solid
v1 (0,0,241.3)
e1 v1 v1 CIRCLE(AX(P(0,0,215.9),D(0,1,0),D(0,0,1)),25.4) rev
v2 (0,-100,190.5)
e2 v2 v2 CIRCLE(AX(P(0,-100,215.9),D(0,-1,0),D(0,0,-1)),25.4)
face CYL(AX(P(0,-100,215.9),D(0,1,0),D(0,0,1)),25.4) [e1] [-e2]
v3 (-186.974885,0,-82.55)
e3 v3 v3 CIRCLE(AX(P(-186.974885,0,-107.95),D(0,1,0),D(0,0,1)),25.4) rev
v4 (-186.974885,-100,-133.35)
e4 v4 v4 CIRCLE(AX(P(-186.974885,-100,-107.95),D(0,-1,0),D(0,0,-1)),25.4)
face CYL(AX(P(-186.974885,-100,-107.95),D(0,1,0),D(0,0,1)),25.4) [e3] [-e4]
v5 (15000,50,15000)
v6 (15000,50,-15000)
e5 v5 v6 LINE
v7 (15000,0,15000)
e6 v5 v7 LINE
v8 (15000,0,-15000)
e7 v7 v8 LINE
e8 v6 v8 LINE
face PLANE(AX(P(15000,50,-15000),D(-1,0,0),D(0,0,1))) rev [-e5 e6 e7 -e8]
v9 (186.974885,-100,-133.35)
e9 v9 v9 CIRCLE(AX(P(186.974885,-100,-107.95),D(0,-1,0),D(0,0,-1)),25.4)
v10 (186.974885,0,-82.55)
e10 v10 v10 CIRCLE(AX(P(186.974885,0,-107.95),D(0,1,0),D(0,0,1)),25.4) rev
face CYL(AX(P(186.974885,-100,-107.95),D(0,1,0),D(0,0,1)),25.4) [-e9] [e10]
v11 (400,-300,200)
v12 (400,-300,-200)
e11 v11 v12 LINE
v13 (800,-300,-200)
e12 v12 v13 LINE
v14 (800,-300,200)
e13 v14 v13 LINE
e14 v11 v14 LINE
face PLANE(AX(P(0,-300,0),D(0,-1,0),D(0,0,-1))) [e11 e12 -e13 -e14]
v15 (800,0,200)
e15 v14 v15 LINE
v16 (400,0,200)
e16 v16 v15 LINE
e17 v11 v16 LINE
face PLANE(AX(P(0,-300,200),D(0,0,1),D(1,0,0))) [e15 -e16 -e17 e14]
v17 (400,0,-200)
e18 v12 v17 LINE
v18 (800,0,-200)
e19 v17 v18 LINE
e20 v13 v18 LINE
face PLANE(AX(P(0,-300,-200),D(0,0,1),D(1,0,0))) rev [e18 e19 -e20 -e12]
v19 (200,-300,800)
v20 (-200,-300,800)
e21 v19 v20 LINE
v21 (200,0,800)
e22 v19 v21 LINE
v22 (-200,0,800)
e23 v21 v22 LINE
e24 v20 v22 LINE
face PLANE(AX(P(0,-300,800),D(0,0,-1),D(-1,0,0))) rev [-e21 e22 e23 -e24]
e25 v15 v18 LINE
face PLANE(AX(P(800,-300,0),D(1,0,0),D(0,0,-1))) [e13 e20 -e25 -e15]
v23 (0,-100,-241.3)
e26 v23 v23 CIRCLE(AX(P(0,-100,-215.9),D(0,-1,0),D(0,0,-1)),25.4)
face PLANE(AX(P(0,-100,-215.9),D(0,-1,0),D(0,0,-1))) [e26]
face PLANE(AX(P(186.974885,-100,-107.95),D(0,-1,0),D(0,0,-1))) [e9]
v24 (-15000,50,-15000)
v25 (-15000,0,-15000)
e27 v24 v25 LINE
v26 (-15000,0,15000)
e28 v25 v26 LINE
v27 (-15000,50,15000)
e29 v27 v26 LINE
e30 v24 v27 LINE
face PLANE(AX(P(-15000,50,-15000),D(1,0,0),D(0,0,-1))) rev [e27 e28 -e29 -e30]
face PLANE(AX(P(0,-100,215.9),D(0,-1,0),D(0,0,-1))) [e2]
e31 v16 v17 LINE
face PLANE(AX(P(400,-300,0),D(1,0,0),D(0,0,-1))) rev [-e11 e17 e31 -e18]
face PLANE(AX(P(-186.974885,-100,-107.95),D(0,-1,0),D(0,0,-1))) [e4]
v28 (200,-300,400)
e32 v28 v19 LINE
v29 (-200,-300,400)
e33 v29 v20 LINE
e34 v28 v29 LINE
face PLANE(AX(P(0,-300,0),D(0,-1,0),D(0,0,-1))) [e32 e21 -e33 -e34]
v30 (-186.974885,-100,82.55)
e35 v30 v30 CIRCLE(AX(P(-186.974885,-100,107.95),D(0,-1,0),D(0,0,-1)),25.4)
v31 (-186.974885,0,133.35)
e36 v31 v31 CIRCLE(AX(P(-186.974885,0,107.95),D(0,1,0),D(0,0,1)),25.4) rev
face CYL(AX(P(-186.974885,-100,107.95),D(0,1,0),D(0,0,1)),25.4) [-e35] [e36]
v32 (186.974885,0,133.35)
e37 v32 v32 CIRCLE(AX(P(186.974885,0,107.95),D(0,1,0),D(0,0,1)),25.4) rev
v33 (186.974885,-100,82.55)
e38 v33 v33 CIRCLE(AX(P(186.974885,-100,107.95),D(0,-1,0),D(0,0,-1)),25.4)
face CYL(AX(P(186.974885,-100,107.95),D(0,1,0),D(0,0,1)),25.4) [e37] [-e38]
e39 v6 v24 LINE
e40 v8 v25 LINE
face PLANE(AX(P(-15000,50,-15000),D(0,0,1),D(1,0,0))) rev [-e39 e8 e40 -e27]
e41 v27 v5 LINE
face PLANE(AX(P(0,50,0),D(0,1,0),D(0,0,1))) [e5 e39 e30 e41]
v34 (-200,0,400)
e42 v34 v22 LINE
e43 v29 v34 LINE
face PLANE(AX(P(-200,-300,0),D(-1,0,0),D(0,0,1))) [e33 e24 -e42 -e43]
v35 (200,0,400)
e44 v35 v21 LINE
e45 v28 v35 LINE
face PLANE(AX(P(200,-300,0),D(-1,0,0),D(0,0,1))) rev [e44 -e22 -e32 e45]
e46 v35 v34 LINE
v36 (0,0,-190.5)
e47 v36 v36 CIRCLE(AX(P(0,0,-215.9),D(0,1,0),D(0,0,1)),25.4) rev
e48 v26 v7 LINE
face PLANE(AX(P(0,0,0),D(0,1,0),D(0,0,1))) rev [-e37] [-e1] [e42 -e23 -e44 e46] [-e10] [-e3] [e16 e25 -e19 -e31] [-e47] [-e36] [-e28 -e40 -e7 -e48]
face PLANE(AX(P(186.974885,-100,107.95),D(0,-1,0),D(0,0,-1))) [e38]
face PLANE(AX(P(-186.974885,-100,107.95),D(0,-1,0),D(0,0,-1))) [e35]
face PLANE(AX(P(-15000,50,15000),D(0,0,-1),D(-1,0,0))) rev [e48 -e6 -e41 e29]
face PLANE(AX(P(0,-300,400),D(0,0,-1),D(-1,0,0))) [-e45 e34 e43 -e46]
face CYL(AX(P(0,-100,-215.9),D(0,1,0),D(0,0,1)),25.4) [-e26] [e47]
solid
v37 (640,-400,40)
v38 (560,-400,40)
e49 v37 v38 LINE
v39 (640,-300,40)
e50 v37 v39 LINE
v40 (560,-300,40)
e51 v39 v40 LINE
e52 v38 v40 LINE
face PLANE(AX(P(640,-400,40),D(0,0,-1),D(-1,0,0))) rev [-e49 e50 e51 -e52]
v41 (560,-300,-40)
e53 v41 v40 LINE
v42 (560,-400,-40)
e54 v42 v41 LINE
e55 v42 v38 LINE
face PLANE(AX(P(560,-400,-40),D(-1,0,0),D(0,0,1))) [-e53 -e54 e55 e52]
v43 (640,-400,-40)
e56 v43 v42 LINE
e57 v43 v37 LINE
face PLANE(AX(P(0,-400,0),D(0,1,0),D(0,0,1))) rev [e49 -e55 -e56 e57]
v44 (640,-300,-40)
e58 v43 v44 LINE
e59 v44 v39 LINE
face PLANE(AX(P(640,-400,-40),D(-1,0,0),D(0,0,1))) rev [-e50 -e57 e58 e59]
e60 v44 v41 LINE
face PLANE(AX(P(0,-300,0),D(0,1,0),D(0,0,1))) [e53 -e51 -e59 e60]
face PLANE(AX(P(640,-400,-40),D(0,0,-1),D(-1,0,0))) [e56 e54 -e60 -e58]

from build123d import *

# Parameters (mm, degrees)
SKETCH3_W           = 30000
SKETCH3_H           = 30000
BOSS_EXTRUDE2_DEPTH = 50
SKETCH8_R           = 25.4
BOSS_EXTRUDE4_DEPTH = 100
BOSS_EXTRUDE5_DEPTH = 300
SKETCH10_W          = 80
SKETCH10_H          = 80
BOSS_EXTRUDE6_DEPTH = 100


with BuildPart() as part:
    # Sketch3 → Boss-Extrude2 (new body)
    with BuildSketch(Plane(origin=(0, 0, 0), x_dir=(1, 0, 0), z_dir=(0, 1, 0))):
        Rectangle(SKETCH3_W, SKETCH3_H)
    extrude(amount=BOSS_EXTRUDE2_DEPTH)

    # Sketch8 → Boss-Extrude4 (add)
    with BuildSketch(Plane.XZ):
        with Locations((0, 215.9)):
            Circle(SKETCH8_R)
        with Locations((186.974884677, 107.95)):
            Circle(SKETCH8_R)
        with Locations((186.974884677, -107.95)):
            Circle(SKETCH8_R)
        with Locations((0, -215.9)):
            Circle(SKETCH8_R)
        with Locations((-186.974884677, -107.95)):
            Circle(SKETCH8_R)
        with Locations((-186.974884677, 107.95)):
            Circle(SKETCH8_R)
    extrude(amount=BOSS_EXTRUDE4_DEPTH)

    # Sketch9 → Boss-Extrude5 (add)
    with BuildSketch(Plane.XZ):
        Polygon((400, 200), (800, -200), (400, -200), align=None)
        Polygon((400, 200), (800, 200), (800, -200), align=None)
        Polygon((200, 400), (-200, 400), (-200, 800), align=None)
        Polygon((200, 400), (-200, 800), (200, 800), align=None)
    extrude(amount=BOSS_EXTRUDE5_DEPTH)


with BuildPart() as body_2:
    # Sketch10 → Boss-Extrude6 (new body)
    with BuildSketch(Plane.XZ.offset(300)):
        with Locations((600, 0)):
            Rectangle(SKETCH10_W, SKETCH10_H)
    extrude(amount=BOSS_EXTRUDE6_DEPTH)


solid = Compound([part.part, body_2.part])
